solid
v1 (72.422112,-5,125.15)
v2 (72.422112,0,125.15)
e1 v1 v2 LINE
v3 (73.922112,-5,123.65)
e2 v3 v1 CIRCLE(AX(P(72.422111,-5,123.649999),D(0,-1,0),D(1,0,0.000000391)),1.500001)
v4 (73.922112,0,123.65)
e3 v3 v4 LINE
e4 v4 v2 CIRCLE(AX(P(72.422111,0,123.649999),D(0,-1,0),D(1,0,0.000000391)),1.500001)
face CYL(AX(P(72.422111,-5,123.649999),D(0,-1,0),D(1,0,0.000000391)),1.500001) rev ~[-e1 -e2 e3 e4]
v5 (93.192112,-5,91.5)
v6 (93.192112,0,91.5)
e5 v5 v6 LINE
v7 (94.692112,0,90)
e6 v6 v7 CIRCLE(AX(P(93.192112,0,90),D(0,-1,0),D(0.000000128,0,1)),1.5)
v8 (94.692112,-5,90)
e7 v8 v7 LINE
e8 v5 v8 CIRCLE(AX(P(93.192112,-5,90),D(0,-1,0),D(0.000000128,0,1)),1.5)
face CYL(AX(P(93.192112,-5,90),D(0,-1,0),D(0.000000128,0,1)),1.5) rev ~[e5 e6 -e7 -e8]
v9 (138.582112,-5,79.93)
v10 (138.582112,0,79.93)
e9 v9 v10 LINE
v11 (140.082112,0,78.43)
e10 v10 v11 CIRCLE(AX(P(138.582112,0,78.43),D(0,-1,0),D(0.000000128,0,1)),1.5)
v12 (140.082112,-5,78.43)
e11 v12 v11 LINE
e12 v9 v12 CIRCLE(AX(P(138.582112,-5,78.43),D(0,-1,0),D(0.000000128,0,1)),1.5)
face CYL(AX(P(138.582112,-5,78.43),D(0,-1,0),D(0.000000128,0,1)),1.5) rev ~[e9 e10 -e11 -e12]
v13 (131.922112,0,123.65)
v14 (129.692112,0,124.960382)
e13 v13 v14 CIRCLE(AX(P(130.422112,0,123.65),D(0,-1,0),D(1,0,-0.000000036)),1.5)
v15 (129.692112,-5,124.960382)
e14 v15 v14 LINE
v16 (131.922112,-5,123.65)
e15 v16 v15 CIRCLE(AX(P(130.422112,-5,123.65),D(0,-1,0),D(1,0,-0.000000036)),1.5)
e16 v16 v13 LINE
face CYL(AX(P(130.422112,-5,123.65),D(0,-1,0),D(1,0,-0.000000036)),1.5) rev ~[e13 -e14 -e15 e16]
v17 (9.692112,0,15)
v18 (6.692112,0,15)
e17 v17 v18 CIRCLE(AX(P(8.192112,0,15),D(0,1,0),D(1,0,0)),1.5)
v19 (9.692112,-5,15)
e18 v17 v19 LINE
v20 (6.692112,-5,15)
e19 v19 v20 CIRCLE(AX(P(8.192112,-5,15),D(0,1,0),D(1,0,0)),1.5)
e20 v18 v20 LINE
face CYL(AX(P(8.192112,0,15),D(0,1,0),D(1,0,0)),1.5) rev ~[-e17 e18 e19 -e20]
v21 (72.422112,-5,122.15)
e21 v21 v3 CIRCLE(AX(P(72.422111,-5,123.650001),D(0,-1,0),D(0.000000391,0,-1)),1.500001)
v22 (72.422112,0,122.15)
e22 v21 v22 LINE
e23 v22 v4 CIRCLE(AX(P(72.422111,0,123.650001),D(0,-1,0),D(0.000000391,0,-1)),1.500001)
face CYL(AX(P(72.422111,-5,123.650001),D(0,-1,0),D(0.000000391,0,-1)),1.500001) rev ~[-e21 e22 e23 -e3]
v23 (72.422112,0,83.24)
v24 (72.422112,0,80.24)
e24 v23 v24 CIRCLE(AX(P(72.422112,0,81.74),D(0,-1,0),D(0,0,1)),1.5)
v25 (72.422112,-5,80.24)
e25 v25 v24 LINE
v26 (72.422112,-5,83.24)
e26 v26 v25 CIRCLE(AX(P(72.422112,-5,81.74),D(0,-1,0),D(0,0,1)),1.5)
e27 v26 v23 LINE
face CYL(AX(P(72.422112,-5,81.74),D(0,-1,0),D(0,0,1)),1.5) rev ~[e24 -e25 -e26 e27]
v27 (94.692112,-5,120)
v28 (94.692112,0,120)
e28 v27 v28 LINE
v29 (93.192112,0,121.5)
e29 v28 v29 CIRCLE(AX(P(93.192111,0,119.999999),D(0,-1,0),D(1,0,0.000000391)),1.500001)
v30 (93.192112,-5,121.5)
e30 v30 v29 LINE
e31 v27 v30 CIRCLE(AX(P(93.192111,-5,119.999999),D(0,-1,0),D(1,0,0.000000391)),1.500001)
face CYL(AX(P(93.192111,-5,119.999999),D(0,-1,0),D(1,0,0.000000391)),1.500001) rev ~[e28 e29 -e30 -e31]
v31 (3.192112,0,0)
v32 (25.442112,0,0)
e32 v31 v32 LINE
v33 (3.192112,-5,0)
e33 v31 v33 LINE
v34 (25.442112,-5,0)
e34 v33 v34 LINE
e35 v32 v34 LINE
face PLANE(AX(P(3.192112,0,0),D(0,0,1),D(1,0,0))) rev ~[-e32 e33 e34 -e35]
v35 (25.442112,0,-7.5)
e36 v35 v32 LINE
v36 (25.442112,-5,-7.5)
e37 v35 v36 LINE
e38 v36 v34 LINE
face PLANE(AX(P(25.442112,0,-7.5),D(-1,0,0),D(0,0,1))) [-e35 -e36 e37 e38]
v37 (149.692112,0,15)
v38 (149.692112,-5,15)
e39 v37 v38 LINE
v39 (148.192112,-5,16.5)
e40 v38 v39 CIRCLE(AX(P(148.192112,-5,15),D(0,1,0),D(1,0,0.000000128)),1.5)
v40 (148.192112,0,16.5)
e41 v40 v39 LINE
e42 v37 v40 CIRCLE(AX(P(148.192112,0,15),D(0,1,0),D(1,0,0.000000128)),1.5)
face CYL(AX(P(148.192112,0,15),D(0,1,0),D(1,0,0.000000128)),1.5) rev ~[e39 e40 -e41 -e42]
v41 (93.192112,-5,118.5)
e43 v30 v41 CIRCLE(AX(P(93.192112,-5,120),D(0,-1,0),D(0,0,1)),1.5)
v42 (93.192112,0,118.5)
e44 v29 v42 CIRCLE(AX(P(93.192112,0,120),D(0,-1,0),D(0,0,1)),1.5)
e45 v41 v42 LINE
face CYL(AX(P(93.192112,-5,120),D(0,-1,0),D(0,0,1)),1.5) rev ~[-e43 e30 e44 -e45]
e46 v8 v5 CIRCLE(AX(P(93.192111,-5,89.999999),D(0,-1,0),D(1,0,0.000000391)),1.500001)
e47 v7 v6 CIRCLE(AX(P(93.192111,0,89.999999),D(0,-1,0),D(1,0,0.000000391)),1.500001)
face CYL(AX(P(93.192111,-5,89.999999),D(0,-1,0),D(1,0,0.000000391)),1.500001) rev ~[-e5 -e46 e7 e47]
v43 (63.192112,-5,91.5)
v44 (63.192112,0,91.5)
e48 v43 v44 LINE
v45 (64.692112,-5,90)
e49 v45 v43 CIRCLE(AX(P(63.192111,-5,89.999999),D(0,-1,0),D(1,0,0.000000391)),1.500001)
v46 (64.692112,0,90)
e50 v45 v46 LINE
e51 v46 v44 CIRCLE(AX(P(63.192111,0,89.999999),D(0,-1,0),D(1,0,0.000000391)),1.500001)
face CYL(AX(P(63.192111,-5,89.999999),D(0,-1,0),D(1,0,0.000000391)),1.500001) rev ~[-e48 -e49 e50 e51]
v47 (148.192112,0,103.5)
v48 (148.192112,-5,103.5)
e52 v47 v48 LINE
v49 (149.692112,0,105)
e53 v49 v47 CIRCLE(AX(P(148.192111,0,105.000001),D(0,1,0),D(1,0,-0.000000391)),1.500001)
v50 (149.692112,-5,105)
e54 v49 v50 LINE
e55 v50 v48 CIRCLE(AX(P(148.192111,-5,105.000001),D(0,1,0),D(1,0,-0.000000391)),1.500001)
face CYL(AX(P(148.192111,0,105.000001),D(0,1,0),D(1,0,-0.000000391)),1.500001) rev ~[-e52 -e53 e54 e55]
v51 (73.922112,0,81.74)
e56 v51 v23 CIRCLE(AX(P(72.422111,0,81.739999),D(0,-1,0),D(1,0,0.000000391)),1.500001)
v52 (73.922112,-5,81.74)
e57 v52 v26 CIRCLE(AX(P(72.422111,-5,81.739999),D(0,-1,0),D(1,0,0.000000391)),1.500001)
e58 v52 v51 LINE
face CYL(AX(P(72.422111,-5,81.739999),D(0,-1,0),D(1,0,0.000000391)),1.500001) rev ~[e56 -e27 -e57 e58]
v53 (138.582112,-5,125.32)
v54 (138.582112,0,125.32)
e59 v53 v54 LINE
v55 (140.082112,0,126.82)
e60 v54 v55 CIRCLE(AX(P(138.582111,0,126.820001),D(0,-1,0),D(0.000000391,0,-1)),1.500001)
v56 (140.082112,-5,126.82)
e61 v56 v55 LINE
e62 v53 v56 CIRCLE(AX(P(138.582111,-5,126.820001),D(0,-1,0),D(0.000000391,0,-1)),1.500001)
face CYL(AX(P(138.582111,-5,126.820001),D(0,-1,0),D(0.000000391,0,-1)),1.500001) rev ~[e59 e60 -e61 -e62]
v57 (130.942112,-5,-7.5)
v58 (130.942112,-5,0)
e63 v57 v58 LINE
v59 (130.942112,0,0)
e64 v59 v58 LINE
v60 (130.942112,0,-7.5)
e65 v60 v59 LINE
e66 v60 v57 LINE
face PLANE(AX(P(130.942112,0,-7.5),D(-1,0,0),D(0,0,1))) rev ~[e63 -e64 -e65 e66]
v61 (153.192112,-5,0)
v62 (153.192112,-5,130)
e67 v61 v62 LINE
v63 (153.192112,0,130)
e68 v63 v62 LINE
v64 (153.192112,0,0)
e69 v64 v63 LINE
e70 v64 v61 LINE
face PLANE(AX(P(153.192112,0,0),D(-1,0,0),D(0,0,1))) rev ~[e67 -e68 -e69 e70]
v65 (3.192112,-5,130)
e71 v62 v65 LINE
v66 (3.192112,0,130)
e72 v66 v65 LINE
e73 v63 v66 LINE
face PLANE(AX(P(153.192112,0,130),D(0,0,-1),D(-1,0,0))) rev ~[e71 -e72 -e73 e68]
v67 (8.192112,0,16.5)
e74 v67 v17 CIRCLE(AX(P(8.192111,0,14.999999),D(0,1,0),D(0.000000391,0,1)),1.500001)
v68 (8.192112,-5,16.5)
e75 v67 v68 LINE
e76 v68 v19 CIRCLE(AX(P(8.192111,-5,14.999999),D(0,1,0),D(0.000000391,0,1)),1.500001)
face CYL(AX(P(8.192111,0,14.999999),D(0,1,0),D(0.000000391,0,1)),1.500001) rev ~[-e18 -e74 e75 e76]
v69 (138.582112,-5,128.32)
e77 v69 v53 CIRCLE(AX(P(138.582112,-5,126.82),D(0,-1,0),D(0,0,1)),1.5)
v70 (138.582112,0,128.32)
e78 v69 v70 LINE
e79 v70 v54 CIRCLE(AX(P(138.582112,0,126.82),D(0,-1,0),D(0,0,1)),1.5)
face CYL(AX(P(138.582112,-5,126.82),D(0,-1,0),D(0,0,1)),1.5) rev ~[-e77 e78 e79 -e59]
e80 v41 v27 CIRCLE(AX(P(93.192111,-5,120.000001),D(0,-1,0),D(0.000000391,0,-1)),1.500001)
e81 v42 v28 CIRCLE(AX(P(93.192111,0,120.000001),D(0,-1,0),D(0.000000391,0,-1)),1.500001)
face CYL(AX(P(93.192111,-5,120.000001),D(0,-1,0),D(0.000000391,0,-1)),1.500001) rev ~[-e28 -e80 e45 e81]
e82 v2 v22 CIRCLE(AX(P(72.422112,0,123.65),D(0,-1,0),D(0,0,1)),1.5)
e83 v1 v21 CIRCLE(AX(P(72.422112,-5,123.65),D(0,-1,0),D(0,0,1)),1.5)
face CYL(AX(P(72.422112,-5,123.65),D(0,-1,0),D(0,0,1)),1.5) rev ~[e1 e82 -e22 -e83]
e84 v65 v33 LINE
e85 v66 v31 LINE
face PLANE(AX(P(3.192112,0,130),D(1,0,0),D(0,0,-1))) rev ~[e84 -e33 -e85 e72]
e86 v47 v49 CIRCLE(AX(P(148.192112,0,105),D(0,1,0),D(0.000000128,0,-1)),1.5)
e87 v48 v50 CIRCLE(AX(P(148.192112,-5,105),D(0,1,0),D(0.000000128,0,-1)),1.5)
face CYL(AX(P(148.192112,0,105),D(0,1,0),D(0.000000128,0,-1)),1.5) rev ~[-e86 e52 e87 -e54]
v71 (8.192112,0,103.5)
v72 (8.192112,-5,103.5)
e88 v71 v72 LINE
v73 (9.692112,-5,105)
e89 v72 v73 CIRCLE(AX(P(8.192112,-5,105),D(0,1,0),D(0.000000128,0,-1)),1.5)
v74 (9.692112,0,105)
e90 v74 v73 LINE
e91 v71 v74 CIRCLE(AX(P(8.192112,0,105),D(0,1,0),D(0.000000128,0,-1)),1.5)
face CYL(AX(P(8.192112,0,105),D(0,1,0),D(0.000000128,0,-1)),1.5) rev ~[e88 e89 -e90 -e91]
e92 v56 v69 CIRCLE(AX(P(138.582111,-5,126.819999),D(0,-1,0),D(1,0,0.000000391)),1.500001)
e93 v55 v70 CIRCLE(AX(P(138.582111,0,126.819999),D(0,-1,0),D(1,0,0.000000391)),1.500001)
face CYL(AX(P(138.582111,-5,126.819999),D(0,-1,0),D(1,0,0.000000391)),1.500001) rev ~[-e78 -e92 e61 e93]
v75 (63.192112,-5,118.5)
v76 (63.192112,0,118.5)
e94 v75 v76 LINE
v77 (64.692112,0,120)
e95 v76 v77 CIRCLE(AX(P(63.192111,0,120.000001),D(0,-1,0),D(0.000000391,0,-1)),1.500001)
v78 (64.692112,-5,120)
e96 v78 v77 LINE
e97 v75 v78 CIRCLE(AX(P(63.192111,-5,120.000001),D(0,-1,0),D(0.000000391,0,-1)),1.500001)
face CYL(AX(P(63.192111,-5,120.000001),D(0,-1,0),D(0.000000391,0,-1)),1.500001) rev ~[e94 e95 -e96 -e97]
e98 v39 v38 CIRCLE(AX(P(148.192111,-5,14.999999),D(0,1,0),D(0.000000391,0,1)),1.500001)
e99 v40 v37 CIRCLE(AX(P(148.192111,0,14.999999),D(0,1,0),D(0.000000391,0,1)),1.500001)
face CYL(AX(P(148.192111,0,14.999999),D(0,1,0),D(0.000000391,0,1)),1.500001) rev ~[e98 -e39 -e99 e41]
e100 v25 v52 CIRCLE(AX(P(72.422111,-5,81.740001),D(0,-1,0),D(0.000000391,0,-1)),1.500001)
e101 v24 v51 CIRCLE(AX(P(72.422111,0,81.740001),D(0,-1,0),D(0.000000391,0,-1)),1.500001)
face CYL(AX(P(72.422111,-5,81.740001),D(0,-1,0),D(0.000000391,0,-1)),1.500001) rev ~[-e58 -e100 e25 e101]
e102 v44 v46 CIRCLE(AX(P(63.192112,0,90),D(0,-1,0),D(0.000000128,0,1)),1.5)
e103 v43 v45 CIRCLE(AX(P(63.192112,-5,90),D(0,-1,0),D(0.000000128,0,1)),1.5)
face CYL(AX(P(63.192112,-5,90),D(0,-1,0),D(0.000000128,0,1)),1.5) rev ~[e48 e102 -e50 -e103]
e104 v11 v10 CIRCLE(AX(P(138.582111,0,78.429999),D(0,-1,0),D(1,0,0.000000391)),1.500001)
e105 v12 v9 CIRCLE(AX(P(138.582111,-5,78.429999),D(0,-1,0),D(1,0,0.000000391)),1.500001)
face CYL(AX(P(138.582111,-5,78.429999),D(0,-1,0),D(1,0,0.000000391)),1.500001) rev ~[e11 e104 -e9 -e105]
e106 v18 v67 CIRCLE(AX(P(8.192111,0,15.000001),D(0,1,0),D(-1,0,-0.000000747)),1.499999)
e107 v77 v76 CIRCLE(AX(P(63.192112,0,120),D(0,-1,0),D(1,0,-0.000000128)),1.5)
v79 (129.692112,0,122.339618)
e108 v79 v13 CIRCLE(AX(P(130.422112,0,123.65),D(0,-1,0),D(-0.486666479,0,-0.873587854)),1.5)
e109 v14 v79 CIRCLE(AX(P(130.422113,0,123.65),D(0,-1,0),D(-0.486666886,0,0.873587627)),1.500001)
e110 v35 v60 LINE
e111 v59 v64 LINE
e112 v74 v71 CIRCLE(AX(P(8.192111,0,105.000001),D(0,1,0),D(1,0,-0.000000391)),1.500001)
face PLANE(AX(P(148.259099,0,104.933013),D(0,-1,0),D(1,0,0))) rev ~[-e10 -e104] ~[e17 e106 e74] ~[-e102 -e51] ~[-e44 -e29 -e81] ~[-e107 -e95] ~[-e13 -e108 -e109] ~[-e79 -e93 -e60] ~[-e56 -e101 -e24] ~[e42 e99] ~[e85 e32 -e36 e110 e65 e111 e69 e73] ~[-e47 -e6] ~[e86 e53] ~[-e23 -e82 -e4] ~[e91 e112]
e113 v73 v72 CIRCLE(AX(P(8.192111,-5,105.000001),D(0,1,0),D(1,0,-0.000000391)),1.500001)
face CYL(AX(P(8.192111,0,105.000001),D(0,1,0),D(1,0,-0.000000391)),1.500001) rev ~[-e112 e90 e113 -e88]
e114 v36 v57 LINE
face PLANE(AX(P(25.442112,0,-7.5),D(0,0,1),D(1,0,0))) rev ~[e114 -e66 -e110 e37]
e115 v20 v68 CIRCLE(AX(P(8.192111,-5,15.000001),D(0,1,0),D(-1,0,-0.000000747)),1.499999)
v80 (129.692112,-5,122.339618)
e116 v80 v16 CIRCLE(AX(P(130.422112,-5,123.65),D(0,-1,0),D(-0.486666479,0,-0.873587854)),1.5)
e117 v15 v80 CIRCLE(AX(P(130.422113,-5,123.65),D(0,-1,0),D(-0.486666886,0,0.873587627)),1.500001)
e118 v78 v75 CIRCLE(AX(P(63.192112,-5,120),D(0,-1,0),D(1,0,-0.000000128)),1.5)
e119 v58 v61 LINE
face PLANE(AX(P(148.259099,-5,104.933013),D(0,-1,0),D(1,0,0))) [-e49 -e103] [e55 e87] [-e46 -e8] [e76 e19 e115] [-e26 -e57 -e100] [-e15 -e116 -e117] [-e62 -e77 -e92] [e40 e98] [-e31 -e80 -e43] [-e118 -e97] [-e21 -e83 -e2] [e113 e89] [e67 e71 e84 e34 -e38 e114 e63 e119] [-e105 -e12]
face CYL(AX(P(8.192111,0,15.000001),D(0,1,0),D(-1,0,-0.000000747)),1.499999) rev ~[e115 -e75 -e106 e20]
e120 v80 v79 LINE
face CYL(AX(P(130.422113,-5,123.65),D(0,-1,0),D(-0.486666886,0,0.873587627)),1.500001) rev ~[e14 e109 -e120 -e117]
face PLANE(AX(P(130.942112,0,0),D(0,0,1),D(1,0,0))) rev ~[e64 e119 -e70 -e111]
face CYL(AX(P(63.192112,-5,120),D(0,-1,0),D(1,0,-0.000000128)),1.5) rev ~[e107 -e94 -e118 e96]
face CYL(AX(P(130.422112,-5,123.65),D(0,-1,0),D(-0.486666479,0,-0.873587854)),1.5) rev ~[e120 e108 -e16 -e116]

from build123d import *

# Parameters (mm, degrees)
F0_W     = 105.5
F0_H     = 7.5
F1_DEPTH = 5
F3_DEPTH = 25


with BuildPart() as f1:
    # F0 (on Front) → F1 (new body)
    with BuildSketch(Plane.XZ):
        with BuildLine():
            ThreePointArc((149.692112, 105), (147.131451, 106.06066), (148.192112, 103.5))
            ThreePointArc((148.192112, 103.5), (149.252772, 103.93934), (149.692112, 105))
        make_face()
        with BuildLine():
            ThreePointArc((9.692112, 105), (7.131451, 106.06066), (8.192112, 103.5))
            ThreePointArc((8.192112, 103.5), (9.252772, 103.93934), (9.692112, 105))
        make_face()
        Polygon((3.192112, 15), (3.192112, 0), (25.442112, 0), (130.942112, 0), (153.192112, 0), (153.192112, 15), (153.192112, 130), (3.192112, 130), align=None)
        with BuildLine():
            ThreePointArc((9.692112, 15), (8.192112, 13.5), (6.692112, 15))
            ThreePointArc((6.692112, 15), (7.131451, 16.06066), (8.192112, 16.5))
            ThreePointArc((8.192112, 16.5), (9.252772, 16.06066), (9.692112, 15))
        make_face(mode=Mode.SUBTRACT)
        with BuildLine():
            ThreePointArc((148.192112, 16.5), (149.252772, 16.06066), (149.692112, 15))
            ThreePointArc((149.692112, 15), (147.131451, 13.93934), (148.192112, 16.5))
        make_face(mode=Mode.SUBTRACT)
        with BuildLine():
            ThreePointArc((9.692112, 105), (9.252772, 103.93934), (8.192112, 103.5))
            ThreePointArc((8.192112, 103.5), (7.131451, 106.06066), (9.692112, 105))
        make_face(mode=Mode.SUBTRACT)
        with BuildLine():
            ThreePointArc((149.692112, 105), (149.252772, 103.93934), (148.192112, 103.5))
            ThreePointArc((148.192112, 103.5), (147.131451, 106.06066), (149.692112, 105))
        make_face(mode=Mode.SUBTRACT)
        with Locations((78.192112, -3.75)):
            Rectangle(F0_W, F0_H)
    extrude(amount=F1_DEPTH)

    # F2 (on face) → F3 (cut)
    with BuildSketch(Plane.XZ.offset(5)):
        with BuildLine():
            ThreePointArc((140.082112, 78.43), (139.642772, 79.49066), (138.582112, 79.93))
            ThreePointArc((138.582112, 79.93), (137.521451, 77.36934), (140.082112, 78.43))
        make_face()
        with BuildLine():
            ThreePointArc((140.082112, 126.82), (139.642772, 127.88066), (138.582112, 128.32))
            Line((138.582112, 128.32), (138.582112, 126.82))
            Line((138.582112, 126.82), (138.582112, 125.32))
            ThreePointArc((138.582112, 125.32), (139.642772, 125.75934), (140.082112, 126.82))
        make_face()
        with BuildLine():
            Line((138.582112, 126.82), (138.582112, 128.32))
            ThreePointArc((138.582112, 128.32), (137.082112, 126.82), (138.582112, 125.32))
            Line((138.582112, 125.32), (138.582112, 126.82))
        make_face()
        with BuildLine():
            ThreePointArc((131.922112, 123.65), (131.182046, 124.943252), (129.692112, 124.960382))
            Line((129.692112, 124.960382), (129.692112, 122.339618))
            ThreePointArc((129.692112, 122.339618), (131.182046, 122.356748), (131.922112, 123.65))
        make_face()
        with BuildLine():
            Line((129.692112, 122.339618), (129.692112, 124.960382))
            ThreePointArc((129.692112, 124.960382), (128.922112, 123.65), (129.692112, 122.339618))
        make_face()
        with BuildLine():
            ThreePointArc((73.922112, 123.65), (73.482772, 124.71066), (72.422112, 125.15))
            Line((72.422112, 125.15), (72.422112, 123.65))
            Line((72.422112, 123.65), (72.422112, 122.15))
            ThreePointArc((72.422112, 122.15), (73.482772, 122.58934), (73.922112, 123.65))
        make_face()
        with BuildLine():
            ThreePointArc((73.922112, 81.74), (73.482772, 82.80066), (72.422112, 83.24))
            Line((72.422112, 83.24), (72.422112, 81.74))
            Line((72.422112, 81.74), (72.422112, 80.24))
            ThreePointArc((72.422112, 80.24), (73.482772, 80.67934), (73.922112, 81.74))
        make_face()
        with BuildLine():
            Line((72.422112, 81.74), (72.422112, 83.24))
            ThreePointArc((72.422112, 83.24), (70.922112, 81.74), (72.422112, 80.24))
            Line((72.422112, 80.24), (72.422112, 81.74))
        make_face()
        with BuildLine():
            ThreePointArc((64.692112, 90), (64.252772, 91.06066), (63.192112, 91.5))
            ThreePointArc((63.192112, 91.5), (62.131451, 88.93934), (64.692112, 90))
        make_face()
        with BuildLine():
            ThreePointArc((64.692112, 120), (62.131451, 121.06066), (63.192112, 118.5))
            ThreePointArc((63.192112, 118.5), (64.252772, 118.93934), (64.692112, 120))
        make_face()
        with BuildLine():
            Line((72.422112, 123.65), (72.422112, 125.15))
            ThreePointArc((72.422112, 125.15), (70.922112, 123.65), (72.422112, 122.15))
            Line((72.422112, 122.15), (72.422112, 123.65))
        make_face()
        with BuildLine():
            ThreePointArc((93.192112, 91.5), (92.131451, 88.93934), (94.692112, 90))
            ThreePointArc((94.692112, 90), (94.252772, 91.06066), (93.192112, 91.5))
        make_face()
        with BuildLine():
            ThreePointArc((93.192112, 121.5), (91.692112, 120), (93.192112, 118.5))
            Line((93.192112, 118.5), (93.192112, 120))
            Line((93.192112, 120), (93.192112, 121.5))
        make_face()
        with BuildLine():
            Line((93.192112, 120), (93.192112, 118.5))
            ThreePointArc((93.192112, 118.5), (94.252772, 118.93934), (94.692112, 120))
            ThreePointArc((94.692112, 120), (94.252772, 121.06066), (93.192112, 121.5))
            Line((93.192112, 121.5), (93.192112, 120))
        make_face()
    extrude(amount=-F3_DEPTH, mode=Mode.SUBTRACT)


solid = f1.part
